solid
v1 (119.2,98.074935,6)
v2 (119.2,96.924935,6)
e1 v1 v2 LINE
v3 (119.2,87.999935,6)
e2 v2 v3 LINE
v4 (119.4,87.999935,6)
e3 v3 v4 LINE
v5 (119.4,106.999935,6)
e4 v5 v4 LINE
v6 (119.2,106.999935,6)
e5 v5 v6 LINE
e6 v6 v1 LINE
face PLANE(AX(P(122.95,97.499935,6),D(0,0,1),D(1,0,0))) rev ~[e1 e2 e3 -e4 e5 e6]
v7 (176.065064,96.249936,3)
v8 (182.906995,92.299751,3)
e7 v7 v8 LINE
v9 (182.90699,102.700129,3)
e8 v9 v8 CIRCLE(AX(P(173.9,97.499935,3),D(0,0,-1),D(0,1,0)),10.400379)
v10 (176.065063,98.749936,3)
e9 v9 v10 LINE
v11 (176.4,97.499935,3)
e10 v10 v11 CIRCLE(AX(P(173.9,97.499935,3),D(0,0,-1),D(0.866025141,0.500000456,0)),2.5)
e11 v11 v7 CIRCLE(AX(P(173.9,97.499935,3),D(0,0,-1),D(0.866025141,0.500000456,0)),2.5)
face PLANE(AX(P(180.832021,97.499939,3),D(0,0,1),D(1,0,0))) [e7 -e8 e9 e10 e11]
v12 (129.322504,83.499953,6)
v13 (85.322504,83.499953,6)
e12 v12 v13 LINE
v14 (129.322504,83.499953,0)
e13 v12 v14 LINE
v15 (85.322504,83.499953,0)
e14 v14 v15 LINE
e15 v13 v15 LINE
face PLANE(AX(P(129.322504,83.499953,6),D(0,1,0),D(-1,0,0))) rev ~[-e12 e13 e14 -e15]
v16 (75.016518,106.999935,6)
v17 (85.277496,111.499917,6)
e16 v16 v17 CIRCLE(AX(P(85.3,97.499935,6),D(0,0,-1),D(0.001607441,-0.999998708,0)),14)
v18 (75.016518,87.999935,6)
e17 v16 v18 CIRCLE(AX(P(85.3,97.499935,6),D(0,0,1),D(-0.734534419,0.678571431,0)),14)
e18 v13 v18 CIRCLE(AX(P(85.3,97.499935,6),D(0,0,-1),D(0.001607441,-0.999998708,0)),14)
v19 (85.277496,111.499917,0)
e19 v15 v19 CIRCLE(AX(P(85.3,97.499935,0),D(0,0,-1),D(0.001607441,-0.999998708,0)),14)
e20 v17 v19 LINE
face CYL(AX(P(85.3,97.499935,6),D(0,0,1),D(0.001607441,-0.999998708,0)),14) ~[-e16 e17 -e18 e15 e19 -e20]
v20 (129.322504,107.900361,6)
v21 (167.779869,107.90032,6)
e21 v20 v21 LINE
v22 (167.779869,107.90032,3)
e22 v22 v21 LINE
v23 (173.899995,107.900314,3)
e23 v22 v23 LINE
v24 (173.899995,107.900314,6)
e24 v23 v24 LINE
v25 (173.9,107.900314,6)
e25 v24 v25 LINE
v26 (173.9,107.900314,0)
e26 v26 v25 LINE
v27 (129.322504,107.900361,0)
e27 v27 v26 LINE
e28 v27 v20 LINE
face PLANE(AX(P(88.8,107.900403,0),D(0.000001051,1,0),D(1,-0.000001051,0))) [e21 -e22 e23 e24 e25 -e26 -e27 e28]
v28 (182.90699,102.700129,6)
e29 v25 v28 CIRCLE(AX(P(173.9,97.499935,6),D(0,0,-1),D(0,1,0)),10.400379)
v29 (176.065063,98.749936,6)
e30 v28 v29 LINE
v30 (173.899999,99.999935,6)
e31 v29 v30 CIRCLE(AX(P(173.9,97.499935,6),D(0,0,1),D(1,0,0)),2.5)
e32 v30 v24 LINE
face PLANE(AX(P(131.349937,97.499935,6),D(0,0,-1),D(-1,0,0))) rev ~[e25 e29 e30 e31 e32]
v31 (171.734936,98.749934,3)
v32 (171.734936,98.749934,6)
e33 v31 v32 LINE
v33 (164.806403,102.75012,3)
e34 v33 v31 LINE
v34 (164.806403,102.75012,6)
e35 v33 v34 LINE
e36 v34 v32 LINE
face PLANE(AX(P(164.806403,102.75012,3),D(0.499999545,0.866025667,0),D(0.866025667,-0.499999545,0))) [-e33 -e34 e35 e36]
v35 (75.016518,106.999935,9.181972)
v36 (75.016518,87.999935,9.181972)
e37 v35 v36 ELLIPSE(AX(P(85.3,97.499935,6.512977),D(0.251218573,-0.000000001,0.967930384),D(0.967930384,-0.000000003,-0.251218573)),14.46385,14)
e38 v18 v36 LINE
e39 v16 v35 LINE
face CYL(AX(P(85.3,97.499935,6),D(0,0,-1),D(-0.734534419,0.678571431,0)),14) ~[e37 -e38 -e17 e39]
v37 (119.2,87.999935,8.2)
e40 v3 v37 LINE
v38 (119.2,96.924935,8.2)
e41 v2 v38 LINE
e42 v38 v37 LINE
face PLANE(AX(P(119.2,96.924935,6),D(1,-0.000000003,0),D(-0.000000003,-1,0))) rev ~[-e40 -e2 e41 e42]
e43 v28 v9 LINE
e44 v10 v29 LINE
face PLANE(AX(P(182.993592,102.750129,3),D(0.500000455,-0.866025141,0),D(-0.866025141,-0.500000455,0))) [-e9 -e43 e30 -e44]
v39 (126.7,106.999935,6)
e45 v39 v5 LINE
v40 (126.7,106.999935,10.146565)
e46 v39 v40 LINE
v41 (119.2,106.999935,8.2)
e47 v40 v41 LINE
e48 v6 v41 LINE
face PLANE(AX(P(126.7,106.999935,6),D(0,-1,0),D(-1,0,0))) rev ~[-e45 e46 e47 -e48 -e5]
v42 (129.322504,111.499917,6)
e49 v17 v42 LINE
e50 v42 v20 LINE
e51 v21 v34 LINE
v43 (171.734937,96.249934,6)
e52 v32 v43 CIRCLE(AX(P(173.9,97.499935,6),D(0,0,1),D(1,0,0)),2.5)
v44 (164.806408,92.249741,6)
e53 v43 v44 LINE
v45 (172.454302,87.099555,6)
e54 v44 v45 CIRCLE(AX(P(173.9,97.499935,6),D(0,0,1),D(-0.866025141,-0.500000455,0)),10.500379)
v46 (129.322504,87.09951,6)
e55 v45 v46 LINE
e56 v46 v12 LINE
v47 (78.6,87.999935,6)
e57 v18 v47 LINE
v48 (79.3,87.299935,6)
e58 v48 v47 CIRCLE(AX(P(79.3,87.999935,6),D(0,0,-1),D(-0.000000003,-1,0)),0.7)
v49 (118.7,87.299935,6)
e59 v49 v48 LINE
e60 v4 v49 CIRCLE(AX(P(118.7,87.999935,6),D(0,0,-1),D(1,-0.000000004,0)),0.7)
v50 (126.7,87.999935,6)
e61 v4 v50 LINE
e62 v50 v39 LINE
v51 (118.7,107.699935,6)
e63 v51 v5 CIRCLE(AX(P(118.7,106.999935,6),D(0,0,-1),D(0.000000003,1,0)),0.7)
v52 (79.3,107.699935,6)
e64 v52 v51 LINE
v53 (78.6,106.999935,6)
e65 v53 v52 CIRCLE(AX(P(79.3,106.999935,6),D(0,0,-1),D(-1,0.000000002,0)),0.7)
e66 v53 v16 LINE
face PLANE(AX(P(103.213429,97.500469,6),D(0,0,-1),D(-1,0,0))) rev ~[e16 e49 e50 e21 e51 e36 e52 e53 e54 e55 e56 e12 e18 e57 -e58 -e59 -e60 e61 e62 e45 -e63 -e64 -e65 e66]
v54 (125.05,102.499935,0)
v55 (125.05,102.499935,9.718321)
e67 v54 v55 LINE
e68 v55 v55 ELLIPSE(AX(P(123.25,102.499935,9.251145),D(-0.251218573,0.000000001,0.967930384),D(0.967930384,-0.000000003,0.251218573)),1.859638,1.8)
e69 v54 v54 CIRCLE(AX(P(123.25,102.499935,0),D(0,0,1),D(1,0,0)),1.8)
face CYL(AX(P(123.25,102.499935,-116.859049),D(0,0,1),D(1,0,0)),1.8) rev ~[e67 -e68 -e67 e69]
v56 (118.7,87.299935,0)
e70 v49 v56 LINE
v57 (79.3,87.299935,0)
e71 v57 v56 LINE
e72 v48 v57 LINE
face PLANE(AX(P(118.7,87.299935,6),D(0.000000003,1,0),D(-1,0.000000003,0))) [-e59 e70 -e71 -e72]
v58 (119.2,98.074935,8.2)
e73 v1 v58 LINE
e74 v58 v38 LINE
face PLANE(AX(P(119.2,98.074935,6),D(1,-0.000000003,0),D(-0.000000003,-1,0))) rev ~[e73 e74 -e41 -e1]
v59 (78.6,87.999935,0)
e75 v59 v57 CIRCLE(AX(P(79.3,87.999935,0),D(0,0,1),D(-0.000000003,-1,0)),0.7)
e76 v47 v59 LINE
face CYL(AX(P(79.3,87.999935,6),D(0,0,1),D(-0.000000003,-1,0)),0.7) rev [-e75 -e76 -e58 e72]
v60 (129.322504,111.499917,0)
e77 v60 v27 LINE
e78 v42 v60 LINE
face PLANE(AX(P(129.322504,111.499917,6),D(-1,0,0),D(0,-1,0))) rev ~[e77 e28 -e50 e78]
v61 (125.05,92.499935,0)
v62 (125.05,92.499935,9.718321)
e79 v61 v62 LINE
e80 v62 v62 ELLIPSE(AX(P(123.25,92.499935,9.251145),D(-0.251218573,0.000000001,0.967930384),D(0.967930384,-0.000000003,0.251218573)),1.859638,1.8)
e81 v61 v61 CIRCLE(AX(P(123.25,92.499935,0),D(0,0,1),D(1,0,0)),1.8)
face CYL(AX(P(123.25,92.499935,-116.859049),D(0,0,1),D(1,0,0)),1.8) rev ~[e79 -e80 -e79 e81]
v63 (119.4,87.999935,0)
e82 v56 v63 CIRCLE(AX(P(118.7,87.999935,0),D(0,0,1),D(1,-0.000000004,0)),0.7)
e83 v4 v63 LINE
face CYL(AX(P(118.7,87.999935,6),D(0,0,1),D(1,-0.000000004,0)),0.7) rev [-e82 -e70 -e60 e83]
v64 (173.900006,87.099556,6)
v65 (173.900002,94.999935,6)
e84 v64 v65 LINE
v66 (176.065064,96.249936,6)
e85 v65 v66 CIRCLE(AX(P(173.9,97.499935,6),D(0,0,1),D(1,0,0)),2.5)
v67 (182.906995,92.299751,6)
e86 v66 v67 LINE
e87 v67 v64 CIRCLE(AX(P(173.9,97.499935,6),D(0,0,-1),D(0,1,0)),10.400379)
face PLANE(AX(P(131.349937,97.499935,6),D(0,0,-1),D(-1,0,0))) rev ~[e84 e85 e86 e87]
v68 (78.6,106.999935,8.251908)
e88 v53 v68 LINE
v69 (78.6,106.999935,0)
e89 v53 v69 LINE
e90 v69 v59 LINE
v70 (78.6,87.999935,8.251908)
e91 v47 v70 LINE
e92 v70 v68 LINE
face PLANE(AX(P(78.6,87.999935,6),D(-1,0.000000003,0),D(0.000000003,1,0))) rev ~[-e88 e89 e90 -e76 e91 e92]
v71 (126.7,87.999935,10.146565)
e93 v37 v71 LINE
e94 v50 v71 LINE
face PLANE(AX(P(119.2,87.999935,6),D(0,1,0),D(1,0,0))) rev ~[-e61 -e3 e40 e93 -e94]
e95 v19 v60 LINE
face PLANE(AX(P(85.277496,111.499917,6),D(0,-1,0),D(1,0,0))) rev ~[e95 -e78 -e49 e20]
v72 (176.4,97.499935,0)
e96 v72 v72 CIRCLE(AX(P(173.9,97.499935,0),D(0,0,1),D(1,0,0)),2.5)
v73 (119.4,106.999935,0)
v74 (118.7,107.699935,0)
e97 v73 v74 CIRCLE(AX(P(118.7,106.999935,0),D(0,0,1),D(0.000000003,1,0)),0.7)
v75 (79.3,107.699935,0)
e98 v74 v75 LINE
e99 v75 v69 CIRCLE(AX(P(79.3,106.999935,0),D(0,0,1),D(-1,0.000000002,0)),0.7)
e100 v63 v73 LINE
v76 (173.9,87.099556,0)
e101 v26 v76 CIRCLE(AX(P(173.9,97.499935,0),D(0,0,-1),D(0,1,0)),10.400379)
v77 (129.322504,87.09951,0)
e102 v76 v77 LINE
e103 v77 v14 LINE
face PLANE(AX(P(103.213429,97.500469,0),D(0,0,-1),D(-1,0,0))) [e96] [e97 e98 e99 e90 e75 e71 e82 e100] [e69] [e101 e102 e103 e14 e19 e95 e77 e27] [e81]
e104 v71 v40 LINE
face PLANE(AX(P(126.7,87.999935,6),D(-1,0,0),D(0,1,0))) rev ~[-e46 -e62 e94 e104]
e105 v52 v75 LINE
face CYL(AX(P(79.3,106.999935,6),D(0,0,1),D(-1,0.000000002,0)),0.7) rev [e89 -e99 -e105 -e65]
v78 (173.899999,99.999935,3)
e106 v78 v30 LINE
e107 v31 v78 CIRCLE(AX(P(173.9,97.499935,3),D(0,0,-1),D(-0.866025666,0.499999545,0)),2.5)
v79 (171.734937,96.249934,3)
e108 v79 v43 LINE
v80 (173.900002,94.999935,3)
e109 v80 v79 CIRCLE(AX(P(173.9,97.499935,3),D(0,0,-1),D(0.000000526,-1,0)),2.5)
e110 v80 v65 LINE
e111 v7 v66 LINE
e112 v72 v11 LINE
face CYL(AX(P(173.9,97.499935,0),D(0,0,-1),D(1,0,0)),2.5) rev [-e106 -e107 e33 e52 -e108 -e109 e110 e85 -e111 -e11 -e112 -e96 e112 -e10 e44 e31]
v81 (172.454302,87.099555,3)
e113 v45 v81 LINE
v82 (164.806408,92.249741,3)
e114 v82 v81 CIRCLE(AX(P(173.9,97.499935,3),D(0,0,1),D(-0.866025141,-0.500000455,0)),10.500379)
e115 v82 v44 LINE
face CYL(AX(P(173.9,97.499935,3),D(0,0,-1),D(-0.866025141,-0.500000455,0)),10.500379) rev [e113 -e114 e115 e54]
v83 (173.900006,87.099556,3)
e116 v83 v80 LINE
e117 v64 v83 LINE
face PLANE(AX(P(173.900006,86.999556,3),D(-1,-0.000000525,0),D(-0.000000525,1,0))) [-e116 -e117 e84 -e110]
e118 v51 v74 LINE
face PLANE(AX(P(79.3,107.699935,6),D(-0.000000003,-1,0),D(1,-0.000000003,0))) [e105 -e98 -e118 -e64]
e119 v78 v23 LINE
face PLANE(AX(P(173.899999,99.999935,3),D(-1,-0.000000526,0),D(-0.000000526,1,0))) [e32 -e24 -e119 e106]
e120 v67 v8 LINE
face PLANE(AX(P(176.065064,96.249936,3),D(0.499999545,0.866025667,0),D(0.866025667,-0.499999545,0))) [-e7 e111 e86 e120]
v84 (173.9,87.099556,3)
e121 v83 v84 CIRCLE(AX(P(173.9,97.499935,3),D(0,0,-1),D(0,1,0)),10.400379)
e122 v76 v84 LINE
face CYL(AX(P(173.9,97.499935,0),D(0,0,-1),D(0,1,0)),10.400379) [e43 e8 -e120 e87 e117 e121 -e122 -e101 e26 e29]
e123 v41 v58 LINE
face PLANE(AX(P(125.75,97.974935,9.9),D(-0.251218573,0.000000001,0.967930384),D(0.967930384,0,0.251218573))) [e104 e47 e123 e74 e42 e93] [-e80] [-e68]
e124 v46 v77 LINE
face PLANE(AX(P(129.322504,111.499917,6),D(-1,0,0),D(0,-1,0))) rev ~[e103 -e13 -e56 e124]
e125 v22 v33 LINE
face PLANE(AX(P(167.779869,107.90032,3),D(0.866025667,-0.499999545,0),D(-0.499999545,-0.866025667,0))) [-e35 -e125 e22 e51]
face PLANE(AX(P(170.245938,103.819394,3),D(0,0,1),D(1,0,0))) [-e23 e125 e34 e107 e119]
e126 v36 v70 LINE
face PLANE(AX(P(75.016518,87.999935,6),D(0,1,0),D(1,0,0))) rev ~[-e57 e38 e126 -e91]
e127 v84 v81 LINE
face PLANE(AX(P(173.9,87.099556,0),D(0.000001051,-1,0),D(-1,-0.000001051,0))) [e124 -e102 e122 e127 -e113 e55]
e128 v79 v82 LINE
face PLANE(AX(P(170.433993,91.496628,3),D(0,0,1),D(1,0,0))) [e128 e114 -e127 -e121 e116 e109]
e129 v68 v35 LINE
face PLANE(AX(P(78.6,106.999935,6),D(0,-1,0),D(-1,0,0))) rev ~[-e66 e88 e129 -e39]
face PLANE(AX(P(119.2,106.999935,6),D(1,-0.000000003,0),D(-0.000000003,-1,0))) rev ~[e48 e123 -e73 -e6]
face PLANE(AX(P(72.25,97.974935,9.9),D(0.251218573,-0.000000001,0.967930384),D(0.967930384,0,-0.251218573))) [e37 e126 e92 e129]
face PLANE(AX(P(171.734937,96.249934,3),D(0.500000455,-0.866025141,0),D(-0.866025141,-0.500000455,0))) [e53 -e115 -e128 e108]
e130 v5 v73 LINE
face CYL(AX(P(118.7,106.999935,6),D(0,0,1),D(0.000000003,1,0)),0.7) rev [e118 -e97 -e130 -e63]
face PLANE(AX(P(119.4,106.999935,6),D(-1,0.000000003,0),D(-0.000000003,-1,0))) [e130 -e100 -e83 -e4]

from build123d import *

# Parameters (mm, degrees)
SKETCH1_R            = 2.5
BOSS_EXTRUDE1_DEPTH  = 6
CUT_EXTRUDE4_START   = -3
CUT_EXTRUDE4_DEPTH   = 3
BOSS_EXTRUDE3_START  = -6
BOSS_EXTRUDE3_DEPTH  = 6
BOSS_EXTRUDE4_DEPTH  = 6
CUT_EXTRUDE8_DEPTH   = 216.487496567
BOSS_EXTRUDE5_REACH  = 217.487
M3_CLEARANCE_HOLE2_D = 3.6
BOSS_EXTRUDE6_REACH  = 217.487


with BuildPart() as part:
    # Sketch1 → Boss-Extrude1 (new body)
    with BuildSketch(Plane.XY):
        with BuildLine():
            Line((173.900000276, 87.099556458), (88.800000276, 87.099467009))
            ThreePointArc((88.800000276, 87.099467009), (78.399532162, 97.499935123), (88.800000276, 107.900403236))
            Line((88.800000276, 107.900403236), (173.900000276, 107.900313787))
            ThreePointArc((173.900000276, 107.900313787), (184.30037894, 97.499940589), (173.900000276, 87.099556458))
        make_face()
        with Locations((88.800000276, 97.499935123)):
            Circle(SKETCH1_R, mode=Mode.SUBTRACT)
        with Locations((173.900000276, 97.499935123)):
            Circle(SKETCH1_R, mode=Mode.SUBTRACT)
    extrude(amount=BOSS_EXTRUDE1_DEPTH)

    # Sketch2 → Cut-Extrude4 (cut)
    with BuildSketch(Plane.XY.offset(6).offset(CUT_EXTRUDE4_START)):
        with BuildLine():
            ThreePointArc((176.065063128, 98.749936261), (176.400000276, 97.499936437), (176.065064442, 96.249936261))
            Line((176.065064442, 96.249936261), (182.993597708, 92.24975057))
            ThreePointArc((182.993597708, 92.24975057), (184.40037894, 97.499940641), (182.993592189, 102.750129234))
            Line((182.993592189, 102.750129234), (176.065063128, 98.749936261))
        make_face()
        with BuildLine():
            ThreePointArc((164.806408362, 92.249741011), (168.649815723, 88.406337691), (173.900005794, 86.999556458))
            Line((173.900005794, 86.999556458), (173.90000159, 94.999935123))
            ThreePointArc((173.90000159, 94.999935123), (172.650001414, 95.334870956), (171.734937423, 96.249933985))
            Line((171.734937423, 96.249933985), (164.806408362, 92.249741011))
        make_face()
        with BuildLine():
            Line((173.899998962, 99.999935123), (173.899994757, 108.000313787))
            Line((173.899994757, 108.000313787), (167.779868906, 107.90032022))
            Line((167.779868906, 107.90032022), (164.806402844, 102.750119676))
            Line((164.806402844, 102.750119676), (171.73493611, 98.749933985))
            ThreePointArc((171.73493611, 98.749933985), (172.649999138, 99.664997975), (173.899998962, 99.999935123))
        make_face()
    extrude(amount=CUT_EXTRUDE4_DEPTH, mode=Mode.SUBTRACT)

    # Sketch4 → Boss-Extrude3 (add)
    with BuildSketch(Plane.XY.offset(6).offset(BOSS_EXTRUDE3_START)):
        with BuildLine():
            Line((85.800000276, 107.900403236), (88.800000276, 107.900403236))
            ThreePointArc((88.800000276, 107.900403236), (78.399532162, 97.499935123), (88.800000276, 87.099467009))
            Line((88.800000276, 87.099467009), (85.800000276, 87.099467009))
            ThreePointArc((85.800000276, 87.099467009), (75.399532162, 97.499935123), (85.800000276, 107.900403236))
        make_face()
    extrude(amount=BOSS_EXTRUDE3_DEPTH)

    # Sketch9 → Boss-Extrude4 (add)
    with BuildSketch(Plane.XY.offset(6)):
        with BuildLine():
            Line((85.2774961, 111.499917036), (129.322504452, 111.499917036))
            Line((129.322504452, 111.499917036), (129.322504452, 83.49995321))
            Line((129.322504452, 83.49995321), (85.322504452, 83.49995321))
            ThreePointArc((85.322504452, 83.49995321), (71.300018363, 97.477430947), (85.2774961, 111.499917036))
        make_face()
    extrude(amount=-BOSS_EXTRUDE4_DEPTH)

    # Sketch8 → Cut-Extrude8 (cut, through all)
    with BuildSketch(Plane.XY.offset(6)):
        with BuildLine():
            Line((78.600000246, 87.999935155), (78.600000306, 106.999935155))
            ThreePointArc((78.600000306, 106.999935155), (78.805025561, 107.494909902), (79.300000309, 107.699935153))
            Line((79.300000309, 107.699935153), (118.700000309, 107.699935027))
            ThreePointArc((118.700000309, 107.699935027), (119.194975055, 107.494909772), (119.400000306, 106.999935025))
            Line((119.400000306, 106.999935025), (119.400000246, 87.999935025))
            ThreePointArc((119.400000246, 87.999935025), (119.194974991, 87.504960279), (118.700000243, 87.299935027))
            Line((118.700000243, 87.299935027), (79.300000243, 87.299935153))
            ThreePointArc((79.300000243, 87.299935153), (78.805025497, 87.504960408), (78.600000246, 87.999935155))
        make_face()
    extrude(amount=-CUT_EXTRUDE8_DEPTH, mode=Mode.SUBTRACT)

    # Boss-Extrude5: up to this plane
    boss_extrude5_end = Plane(origin=(125.750000277, 97.974935005, 9.9), z_dir=(-0.2512185729888078, 8.03898804267201e-10, 0.9679303841627594))
    # Sketch13 → Boss-Extrude5 (add, up to the surface)
    with BuildSketch(Plane.XY.offset(6), mode=Mode.PRIVATE) as boss_extrude5_sk1:
        Polygon((119.200000274, 96.924935025), (119.200000246, 87.999935025), (126.700000306, 87.999935025), (126.700000306, 106.999935025), (119.200000306, 106.999935025), (119.200000278, 98.074935025), align=None)
    boss_extrude5_tool1 = split(extrude(boss_extrude5_sk1.sketch, amount=BOSS_EXTRUDE5_REACH, mode=Mode.PRIVATE), bisect_by=boss_extrude5_end, keep=Keep.BOTH, mode=Mode.PRIVATE)
    add(boss_extrude5_tool1.solids().sort_by_distance((122.95, 97.499935, 6))[0])

    # M3 Clearance Hole2 (through all)
    with Locations(Plane(origin=(0, 0, 0), x_dir=(-1, 0, 0), z_dir=(0, 0, -1))):
        with Locations((-123.250000292, 102.499935013), (-123.25000026, 92.499935013)):
            Hole(M3_CLEARANCE_HOLE2_D / 2)

    # Boss-Extrude6: up to this plane
    boss_extrude6_end = Plane(origin=(72.250000277, 97.974935176, 9.9), z_dir=(0.2512185729888078, -8.038995017974768e-10, 0.9679303841627596))
    # Sketch17 → Boss-Extrude6 (add, up to the surface)
    with BuildSketch(Plane.XY.offset(6), mode=Mode.PRIVATE) as boss_extrude6_sk1:
        with BuildLine():
            Line((75.016518346, 87.999935155), (78.600000246, 87.999935155))
            Line((78.600000246, 87.999935155), (78.600000306, 106.999935155))
            Line((78.600000306, 106.999935155), (75.016518405, 106.999935155))
            ThreePointArc((75.016518405, 106.999935155), (71.300000276, 97.499935166), (75.016518346, 87.999935155))
        make_face()
    boss_extrude6_tool1 = split(extrude(boss_extrude6_sk1.sketch, amount=BOSS_EXTRUDE6_REACH, mode=Mode.PRIVATE), bisect_by=boss_extrude6_end, keep=Keep.BOTH, mode=Mode.PRIVATE)
    add(boss_extrude6_tool1.solids().sort_by_distance((75.437055, 97.499935, 6))[0])


solid = part.part
